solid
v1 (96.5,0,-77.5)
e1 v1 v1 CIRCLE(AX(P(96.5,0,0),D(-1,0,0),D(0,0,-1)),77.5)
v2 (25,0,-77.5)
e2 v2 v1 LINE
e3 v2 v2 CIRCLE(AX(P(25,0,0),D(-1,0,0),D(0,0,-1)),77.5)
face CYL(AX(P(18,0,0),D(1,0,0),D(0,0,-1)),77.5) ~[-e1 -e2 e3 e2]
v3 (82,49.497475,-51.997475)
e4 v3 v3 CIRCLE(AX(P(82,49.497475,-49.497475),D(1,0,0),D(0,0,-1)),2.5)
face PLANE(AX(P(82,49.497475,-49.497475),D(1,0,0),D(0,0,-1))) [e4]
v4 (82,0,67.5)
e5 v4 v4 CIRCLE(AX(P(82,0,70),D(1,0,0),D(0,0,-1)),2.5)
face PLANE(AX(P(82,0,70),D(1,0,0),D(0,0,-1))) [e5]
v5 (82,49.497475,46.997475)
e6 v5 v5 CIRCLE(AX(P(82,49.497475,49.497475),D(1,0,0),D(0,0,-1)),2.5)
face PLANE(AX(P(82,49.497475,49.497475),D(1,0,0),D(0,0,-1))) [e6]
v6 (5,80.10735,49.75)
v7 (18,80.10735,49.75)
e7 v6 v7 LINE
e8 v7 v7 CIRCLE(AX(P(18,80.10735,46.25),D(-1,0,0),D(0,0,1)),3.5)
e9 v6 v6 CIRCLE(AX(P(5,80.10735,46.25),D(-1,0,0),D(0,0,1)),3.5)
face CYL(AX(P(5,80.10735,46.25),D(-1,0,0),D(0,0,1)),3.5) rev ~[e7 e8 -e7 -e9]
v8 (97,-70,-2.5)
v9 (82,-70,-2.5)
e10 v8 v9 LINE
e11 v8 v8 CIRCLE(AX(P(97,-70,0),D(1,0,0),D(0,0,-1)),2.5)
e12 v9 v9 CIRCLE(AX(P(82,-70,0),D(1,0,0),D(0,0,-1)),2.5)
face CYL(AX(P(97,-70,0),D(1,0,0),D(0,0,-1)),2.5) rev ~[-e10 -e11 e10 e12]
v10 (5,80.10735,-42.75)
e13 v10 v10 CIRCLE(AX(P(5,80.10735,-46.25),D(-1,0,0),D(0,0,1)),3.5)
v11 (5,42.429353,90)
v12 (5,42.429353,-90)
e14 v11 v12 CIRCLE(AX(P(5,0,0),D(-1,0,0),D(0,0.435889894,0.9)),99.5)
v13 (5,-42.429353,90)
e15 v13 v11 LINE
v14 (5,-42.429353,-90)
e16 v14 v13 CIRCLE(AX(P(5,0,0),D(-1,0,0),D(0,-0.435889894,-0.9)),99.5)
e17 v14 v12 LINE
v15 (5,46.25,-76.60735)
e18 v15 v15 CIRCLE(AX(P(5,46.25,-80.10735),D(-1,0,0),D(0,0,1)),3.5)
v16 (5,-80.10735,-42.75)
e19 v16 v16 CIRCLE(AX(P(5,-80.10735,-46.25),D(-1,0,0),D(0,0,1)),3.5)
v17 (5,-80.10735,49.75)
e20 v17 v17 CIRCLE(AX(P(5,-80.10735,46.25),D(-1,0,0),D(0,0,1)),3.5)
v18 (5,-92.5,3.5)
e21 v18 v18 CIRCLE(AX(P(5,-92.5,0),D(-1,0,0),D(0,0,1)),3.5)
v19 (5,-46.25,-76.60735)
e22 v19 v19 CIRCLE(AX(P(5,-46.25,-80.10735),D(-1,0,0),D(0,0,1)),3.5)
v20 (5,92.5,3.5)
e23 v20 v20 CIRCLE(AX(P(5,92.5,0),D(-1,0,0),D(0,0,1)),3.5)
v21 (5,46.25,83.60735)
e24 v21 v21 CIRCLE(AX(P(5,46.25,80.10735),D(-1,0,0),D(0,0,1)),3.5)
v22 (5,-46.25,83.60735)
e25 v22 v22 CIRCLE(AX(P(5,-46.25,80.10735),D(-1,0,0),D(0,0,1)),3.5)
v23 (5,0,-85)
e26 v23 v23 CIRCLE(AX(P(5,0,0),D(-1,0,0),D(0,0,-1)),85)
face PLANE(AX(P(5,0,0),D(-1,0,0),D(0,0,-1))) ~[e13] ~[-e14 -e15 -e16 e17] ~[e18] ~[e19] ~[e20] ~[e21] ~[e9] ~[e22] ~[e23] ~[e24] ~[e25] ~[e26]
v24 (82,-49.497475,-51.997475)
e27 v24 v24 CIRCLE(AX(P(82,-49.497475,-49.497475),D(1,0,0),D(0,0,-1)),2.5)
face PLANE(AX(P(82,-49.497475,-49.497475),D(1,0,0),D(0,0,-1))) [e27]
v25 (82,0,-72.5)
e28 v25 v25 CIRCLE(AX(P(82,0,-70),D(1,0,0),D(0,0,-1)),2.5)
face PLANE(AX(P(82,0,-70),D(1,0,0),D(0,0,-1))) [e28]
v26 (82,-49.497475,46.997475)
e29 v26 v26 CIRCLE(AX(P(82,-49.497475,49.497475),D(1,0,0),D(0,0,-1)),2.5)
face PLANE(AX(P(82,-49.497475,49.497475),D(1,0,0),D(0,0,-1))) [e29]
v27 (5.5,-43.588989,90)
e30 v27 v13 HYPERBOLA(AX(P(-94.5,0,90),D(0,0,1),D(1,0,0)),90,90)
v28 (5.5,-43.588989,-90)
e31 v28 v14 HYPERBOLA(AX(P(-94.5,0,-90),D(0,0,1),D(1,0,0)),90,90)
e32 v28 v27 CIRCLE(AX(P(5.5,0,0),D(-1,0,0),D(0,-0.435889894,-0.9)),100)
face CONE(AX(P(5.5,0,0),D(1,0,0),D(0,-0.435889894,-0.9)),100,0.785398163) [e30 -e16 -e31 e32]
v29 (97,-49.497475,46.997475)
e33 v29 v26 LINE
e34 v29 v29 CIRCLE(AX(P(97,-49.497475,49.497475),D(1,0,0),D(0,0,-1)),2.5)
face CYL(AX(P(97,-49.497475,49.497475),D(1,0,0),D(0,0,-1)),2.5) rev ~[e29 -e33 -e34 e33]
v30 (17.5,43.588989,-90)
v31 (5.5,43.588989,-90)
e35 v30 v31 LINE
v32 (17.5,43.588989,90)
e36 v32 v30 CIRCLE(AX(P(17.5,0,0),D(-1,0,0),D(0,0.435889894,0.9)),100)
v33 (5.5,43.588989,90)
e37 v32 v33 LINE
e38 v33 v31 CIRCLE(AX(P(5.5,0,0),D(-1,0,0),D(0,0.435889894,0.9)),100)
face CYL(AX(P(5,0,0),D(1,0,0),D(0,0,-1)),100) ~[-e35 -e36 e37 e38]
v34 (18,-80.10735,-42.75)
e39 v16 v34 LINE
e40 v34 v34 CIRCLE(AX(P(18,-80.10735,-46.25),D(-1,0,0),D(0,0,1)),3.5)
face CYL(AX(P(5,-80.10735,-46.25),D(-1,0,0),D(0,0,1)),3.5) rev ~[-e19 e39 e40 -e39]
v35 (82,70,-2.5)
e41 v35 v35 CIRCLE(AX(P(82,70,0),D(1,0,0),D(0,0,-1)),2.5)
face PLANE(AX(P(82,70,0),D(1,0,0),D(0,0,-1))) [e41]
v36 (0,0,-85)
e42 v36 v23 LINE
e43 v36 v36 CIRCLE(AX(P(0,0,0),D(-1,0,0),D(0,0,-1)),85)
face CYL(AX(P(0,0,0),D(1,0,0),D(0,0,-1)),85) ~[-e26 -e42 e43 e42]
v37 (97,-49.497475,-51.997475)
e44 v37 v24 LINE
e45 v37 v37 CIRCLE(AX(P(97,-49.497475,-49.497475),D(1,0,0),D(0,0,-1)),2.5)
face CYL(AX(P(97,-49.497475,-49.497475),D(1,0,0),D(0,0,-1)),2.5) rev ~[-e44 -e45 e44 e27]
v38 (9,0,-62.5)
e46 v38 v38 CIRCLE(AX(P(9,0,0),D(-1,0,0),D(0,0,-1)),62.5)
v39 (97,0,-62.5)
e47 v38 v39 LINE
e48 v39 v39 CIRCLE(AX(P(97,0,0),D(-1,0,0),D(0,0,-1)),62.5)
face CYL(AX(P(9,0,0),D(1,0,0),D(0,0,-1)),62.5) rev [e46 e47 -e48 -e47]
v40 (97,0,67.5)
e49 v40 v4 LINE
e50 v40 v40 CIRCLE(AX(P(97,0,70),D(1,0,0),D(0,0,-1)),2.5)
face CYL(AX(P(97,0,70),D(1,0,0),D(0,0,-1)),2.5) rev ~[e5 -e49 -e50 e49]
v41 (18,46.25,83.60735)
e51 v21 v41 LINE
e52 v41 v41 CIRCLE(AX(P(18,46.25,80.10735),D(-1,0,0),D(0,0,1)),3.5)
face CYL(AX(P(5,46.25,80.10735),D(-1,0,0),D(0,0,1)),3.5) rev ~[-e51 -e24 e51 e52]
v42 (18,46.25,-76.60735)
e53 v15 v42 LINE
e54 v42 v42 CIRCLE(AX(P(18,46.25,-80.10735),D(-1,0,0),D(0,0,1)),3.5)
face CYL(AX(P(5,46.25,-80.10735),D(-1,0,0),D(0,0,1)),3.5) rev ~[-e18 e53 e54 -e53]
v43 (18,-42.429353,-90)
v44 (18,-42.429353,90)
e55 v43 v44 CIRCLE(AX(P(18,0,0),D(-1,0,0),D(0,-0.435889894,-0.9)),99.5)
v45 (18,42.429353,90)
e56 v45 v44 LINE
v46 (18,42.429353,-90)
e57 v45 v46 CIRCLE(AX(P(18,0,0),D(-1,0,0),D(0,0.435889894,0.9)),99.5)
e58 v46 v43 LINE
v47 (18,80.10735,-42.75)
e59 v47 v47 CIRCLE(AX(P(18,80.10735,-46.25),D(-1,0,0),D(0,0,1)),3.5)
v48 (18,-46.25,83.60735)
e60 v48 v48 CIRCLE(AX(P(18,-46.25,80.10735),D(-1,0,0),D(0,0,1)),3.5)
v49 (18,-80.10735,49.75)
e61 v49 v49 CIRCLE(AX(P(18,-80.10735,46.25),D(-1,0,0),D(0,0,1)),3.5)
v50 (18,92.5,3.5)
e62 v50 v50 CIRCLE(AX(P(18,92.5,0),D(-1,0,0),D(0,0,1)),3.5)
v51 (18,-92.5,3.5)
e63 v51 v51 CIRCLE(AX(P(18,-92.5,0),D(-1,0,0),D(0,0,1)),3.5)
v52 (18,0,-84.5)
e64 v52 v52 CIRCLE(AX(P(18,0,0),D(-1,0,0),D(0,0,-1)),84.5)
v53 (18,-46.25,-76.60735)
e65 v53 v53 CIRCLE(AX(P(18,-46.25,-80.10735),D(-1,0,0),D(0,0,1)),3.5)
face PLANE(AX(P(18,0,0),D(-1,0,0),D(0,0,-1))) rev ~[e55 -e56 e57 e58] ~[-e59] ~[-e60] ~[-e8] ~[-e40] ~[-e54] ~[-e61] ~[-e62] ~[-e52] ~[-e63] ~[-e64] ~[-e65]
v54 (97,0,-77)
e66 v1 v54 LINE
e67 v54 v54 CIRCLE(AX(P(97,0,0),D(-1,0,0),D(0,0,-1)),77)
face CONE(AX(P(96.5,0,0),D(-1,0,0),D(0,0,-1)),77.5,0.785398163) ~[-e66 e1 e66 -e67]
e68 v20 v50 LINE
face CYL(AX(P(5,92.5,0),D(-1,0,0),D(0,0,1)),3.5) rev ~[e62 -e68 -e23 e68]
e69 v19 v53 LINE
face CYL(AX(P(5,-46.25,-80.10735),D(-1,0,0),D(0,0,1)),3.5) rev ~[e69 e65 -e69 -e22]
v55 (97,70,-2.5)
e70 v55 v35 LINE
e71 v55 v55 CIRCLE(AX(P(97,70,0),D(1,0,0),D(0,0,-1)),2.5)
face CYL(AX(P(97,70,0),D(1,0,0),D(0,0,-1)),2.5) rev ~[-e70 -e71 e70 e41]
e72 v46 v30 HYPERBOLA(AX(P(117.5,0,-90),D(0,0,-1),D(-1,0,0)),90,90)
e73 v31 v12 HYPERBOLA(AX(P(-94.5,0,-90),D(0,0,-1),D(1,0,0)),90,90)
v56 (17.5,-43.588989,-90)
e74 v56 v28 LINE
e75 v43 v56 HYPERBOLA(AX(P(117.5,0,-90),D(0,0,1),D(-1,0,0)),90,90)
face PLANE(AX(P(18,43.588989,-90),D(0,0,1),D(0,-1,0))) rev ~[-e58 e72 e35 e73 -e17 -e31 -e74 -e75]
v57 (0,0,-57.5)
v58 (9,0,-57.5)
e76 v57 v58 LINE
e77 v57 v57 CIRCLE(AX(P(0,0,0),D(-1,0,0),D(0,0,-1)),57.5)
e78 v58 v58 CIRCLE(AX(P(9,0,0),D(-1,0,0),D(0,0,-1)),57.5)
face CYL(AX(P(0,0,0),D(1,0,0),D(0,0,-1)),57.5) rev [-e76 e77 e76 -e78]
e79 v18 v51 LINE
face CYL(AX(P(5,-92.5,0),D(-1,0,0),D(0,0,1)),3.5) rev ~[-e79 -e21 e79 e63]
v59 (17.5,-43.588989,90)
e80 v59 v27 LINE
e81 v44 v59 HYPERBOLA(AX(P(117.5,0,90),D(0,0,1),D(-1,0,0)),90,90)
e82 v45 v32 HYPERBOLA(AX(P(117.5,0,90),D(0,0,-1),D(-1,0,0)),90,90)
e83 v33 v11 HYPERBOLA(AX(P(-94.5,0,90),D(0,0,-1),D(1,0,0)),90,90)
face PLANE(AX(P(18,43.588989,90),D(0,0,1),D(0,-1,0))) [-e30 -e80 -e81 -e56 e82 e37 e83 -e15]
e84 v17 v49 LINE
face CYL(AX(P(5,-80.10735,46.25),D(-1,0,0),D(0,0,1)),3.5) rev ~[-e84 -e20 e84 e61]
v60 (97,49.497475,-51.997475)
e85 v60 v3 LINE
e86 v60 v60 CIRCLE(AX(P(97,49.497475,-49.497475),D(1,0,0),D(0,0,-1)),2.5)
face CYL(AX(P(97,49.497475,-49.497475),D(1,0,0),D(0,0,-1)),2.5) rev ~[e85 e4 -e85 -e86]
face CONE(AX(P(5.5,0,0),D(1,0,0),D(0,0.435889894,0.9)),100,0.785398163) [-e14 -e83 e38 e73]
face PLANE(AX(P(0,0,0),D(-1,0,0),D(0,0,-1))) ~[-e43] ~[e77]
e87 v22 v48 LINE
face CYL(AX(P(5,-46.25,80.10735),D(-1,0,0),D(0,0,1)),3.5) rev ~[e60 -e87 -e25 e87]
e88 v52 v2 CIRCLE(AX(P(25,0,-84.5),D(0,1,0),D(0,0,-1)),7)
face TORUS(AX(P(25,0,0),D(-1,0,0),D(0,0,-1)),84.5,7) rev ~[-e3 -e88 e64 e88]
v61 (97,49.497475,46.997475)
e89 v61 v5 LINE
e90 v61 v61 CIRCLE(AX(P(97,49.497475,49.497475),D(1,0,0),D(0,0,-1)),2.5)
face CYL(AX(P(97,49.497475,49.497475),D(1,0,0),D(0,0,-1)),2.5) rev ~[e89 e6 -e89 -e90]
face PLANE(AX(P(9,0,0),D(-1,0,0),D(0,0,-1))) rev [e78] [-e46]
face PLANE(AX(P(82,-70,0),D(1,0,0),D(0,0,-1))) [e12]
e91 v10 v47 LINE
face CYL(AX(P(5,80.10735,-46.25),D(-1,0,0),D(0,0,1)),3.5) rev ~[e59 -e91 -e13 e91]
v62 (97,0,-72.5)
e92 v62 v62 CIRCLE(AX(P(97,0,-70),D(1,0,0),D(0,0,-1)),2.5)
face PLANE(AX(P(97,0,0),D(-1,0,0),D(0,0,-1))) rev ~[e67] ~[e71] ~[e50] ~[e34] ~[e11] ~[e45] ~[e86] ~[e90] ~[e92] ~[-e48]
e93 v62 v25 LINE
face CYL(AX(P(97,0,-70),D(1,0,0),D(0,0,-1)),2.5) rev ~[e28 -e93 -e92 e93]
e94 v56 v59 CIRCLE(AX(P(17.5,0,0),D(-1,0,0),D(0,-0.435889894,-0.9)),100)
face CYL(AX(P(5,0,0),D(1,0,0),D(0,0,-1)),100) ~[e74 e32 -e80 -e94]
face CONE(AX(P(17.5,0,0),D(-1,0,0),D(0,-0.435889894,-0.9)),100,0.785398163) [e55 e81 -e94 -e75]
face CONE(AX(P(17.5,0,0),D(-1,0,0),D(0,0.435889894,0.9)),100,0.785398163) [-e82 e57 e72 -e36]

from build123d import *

# Parameters (mm, degrees)
CUT_EXTRUDE_1_REACH = 163.991
CUT_EXTRUDE_2_REACH = 164.985
SKETCH_5_R          = 3.5
SKETCH_6_R          = 2.5
CUT_EXTRUDE_3_DEPTH = 15
FILLET_1_R          = 7
CHAMFER_1_SIZE      = 0.5


with BuildPart() as part:
    # 草图1 → 旋转1 (revolve)
    with BuildSketch(Plane.XY, mode=Mode.PRIVATE) as revolve_1_sk:
        Polygon((0, 0), (0, 85), (5, 85), (5, 100), (18, 100), (18, 77.5), (97, 77.5), (97, 0), align=None)
    revolve(revolve_1_sk.sketch.rotate(Axis((0, 0, 0), (-1, 0, 0)), 90), axis=Axis((0, 0, 0), (-1, 0, 0)))

    # 草图3 → 切除-旋转1 (revolve, cut)
    with BuildSketch(Plane.XY, mode=Mode.PRIVATE) as cut_revolve_1_sk:
        Polygon((0, 0), (0, 57.5), (9, 57.5), (9, 62.5), (97, 62.5), (97, 0), align=None)
    revolve(cut_revolve_1_sk.sketch.rotate(Axis((97, 0, 0), (-1, 0, 0)), 90), axis=Axis((97, 0, 0), (-1, 0, 0)), mode=Mode.SUBTRACT)

    # 草图4 → 切除-拉伸1 (cut, up to next)
    with BuildSketch(Plane(origin=(18, 0, 0), x_dir=(0, 0, -1), z_dir=(1, 0, 0)), mode=Mode.PRIVATE) as cut_extrude_1_sk1:
        with BuildLine():
            Line((-90, 43.588989435), (-90, -43.588989435))
            ThreePointArc((-90, -43.588989435), (-100, 0), (-90, 43.588989435))
        make_face()
    cut_extrude_1_tool1 = extrude(cut_extrude_1_sk1.sketch, amount=-CUT_EXTRUDE_1_REACH, mode=Mode.PRIVATE) & part.part
    # 草图4 → 切除-拉伸1 (cut, up to next)
    with BuildSketch(Plane(origin=(18, 0, 0), x_dir=(0, 0, -1), z_dir=(1, 0, 0)), mode=Mode.PRIVATE) as cut_extrude_1_sk2:
        with BuildLine():
            Line((90, 43.588989435), (90, -43.588989435))
            ThreePointArc((90, -43.588989435), (100, 0), (90, 43.588989435))
        make_face()
    cut_extrude_1_tool2 = extrude(cut_extrude_1_sk2.sketch, amount=-CUT_EXTRUDE_1_REACH, mode=Mode.PRIVATE) & part.part
    add(cut_extrude_1_tool1.solids().sort_by_distance((18, 0, 94.017654))[0], mode=Mode.SUBTRACT)
    add(cut_extrude_1_tool2.solids().sort_by_distance((18, 0, -94.017654))[0], mode=Mode.SUBTRACT)

    # 草图5 → 切除-拉伸2 (cut, up to next)
    with BuildSketch(Plane.ZY.offset(-5), mode=Mode.PRIVATE) as cut_extrude_2_sk1:
        with Locations((0, 92.5)):
            Circle(SKETCH_5_R)
    cut_extrude_2_tool1 = extrude(cut_extrude_2_sk1.sketch, amount=-CUT_EXTRUDE_2_REACH, mode=Mode.PRIVATE) & part.part
    # 草图5 → 切除-拉伸2 (cut, up to next)
    with BuildSketch(Plane.ZY.offset(-5), mode=Mode.PRIVATE) as cut_extrude_2_sk2:
        with Locations((46.25, 80.10734985)):
            Circle(SKETCH_5_R)
    cut_extrude_2_tool2 = extrude(cut_extrude_2_sk2.sketch, amount=-CUT_EXTRUDE_2_REACH, mode=Mode.PRIVATE) & part.part
    # 草图5 → 切除-拉伸2 (cut, up to next)
    with BuildSketch(Plane.ZY.offset(-5), mode=Mode.PRIVATE) as cut_extrude_2_sk3:
        with Locations((80.10734985, 46.25)):
            Circle(SKETCH_5_R)
    cut_extrude_2_tool3 = extrude(cut_extrude_2_sk3.sketch, amount=-CUT_EXTRUDE_2_REACH, mode=Mode.PRIVATE) & part.part
    # 草图5 → 切除-拉伸2 (cut, up to next)
    with BuildSketch(Plane.ZY.offset(-5), mode=Mode.PRIVATE) as cut_extrude_2_sk4:
        with Locations((80.10734985, -46.25)):
            Circle(SKETCH_5_R)
    cut_extrude_2_tool4 = extrude(cut_extrude_2_sk4.sketch, amount=-CUT_EXTRUDE_2_REACH, mode=Mode.PRIVATE) & part.part
    # 草图5 → 切除-拉伸2 (cut, up to next)
    with BuildSketch(Plane.ZY.offset(-5), mode=Mode.PRIVATE) as cut_extrude_2_sk5:
        with Locations((46.25, -80.10734985)):
            Circle(SKETCH_5_R)
    cut_extrude_2_tool5 = extrude(cut_extrude_2_sk5.sketch, amount=-CUT_EXTRUDE_2_REACH, mode=Mode.PRIVATE) & part.part
    # 草图5 → 切除-拉伸2 (cut, up to next)
    with BuildSketch(Plane.ZY.offset(-5), mode=Mode.PRIVATE) as cut_extrude_2_sk6:
        with Locations((0, -92.5)):
            Circle(SKETCH_5_R)
    cut_extrude_2_tool6 = extrude(cut_extrude_2_sk6.sketch, amount=-CUT_EXTRUDE_2_REACH, mode=Mode.PRIVATE) & part.part
    # 草图5 → 切除-拉伸2 (cut, up to next)
    with BuildSketch(Plane.ZY.offset(-5), mode=Mode.PRIVATE) as cut_extrude_2_sk7:
        with Locations((-46.25, -80.10734985)):
            Circle(SKETCH_5_R)
    cut_extrude_2_tool7 = extrude(cut_extrude_2_sk7.sketch, amount=-CUT_EXTRUDE_2_REACH, mode=Mode.PRIVATE) & part.part
    # 草图5 → 切除-拉伸2 (cut, up to next)
    with BuildSketch(Plane.ZY.offset(-5), mode=Mode.PRIVATE) as cut_extrude_2_sk8:
        with Locations((-80.10734985, -46.25)):
            Circle(SKETCH_5_R)
    cut_extrude_2_tool8 = extrude(cut_extrude_2_sk8.sketch, amount=-CUT_EXTRUDE_2_REACH, mode=Mode.PRIVATE) & part.part
    # 草图5 → 切除-拉伸2 (cut, up to next)
    with BuildSketch(Plane.ZY.offset(-5), mode=Mode.PRIVATE) as cut_extrude_2_sk9:
        with Locations((-80.10734985, 46.25)):
            Circle(SKETCH_5_R)
    cut_extrude_2_tool9 = extrude(cut_extrude_2_sk9.sketch, amount=-CUT_EXTRUDE_2_REACH, mode=Mode.PRIVATE) & part.part
    # 草图5 → 切除-拉伸2 (cut, up to next)
    with BuildSketch(Plane.ZY.offset(-5), mode=Mode.PRIVATE) as cut_extrude_2_sk10:
        with Locations((-46.25, 80.10734985)):
            Circle(SKETCH_5_R)
    cut_extrude_2_tool10 = extrude(cut_extrude_2_sk10.sketch, amount=-CUT_EXTRUDE_2_REACH, mode=Mode.PRIVATE) & part.part
    add(cut_extrude_2_tool1.solids().sort_by_distance((5, 92.5, 0))[0], mode=Mode.SUBTRACT)
    add(cut_extrude_2_tool2.solids().sort_by_distance((5, 80.10735, 46.25))[0], mode=Mode.SUBTRACT)
    add(cut_extrude_2_tool3.solids().sort_by_distance((5, 46.25, 80.10735))[0], mode=Mode.SUBTRACT)
    add(cut_extrude_2_tool4.solids().sort_by_distance((5, -46.25, 80.10735))[0], mode=Mode.SUBTRACT)
    add(cut_extrude_2_tool5.solids().sort_by_distance((5, -80.10735, 46.25))[0], mode=Mode.SUBTRACT)
    add(cut_extrude_2_tool6.solids().sort_by_distance((5, -92.5, 0))[0], mode=Mode.SUBTRACT)
    add(cut_extrude_2_tool7.solids().sort_by_distance((5, -80.10735, -46.25))[0], mode=Mode.SUBTRACT)
    add(cut_extrude_2_tool8.solids().sort_by_distance((5, -46.25, -80.10735))[0], mode=Mode.SUBTRACT)
    add(cut_extrude_2_tool9.solids().sort_by_distance((5, 46.25, -80.10735))[0], mode=Mode.SUBTRACT)
    add(cut_extrude_2_tool10.solids().sort_by_distance((5, 80.10735, -46.25))[0], mode=Mode.SUBTRACT)

    # 草图6 → 切除-拉伸3 (cut)
    with BuildSketch(Plane(origin=(97, 0, 0), x_dir=(0, 0, -1), z_dir=(1, 0, 0))):
        with Locations((0, 70)):
            Circle(SKETCH_6_R)
        with Locations((49.497474683, 49.497474683)):
            Circle(SKETCH_6_R)
        with Locations((70, 0)):
            Circle(SKETCH_6_R)
        with Locations((49.497474683, -49.497474683)):
            Circle(SKETCH_6_R)
        with Locations((0, -70)):
            Circle(SKETCH_6_R)
        with Locations((-49.497474683, -49.497474683)):
            Circle(SKETCH_6_R)
        with Locations((-70, 0)):
            Circle(SKETCH_6_R)
        with Locations((-49.497474683, 49.497474683)):
            Circle(SKETCH_6_R)
    extrude(amount=-CUT_EXTRUDE_3_DEPTH, mode=Mode.SUBTRACT)

    # 圆角1
    fillet_1_edges = [part.edges().sort_by_distance(p)[0] for p in [
        (18, 0, 77.5),
    ]]
    fillet(fillet_1_edges, radius=FILLET_1_R)

    # 倒角1
    chamfer_1_edges = [part.edges().sort_by_distance(p)[0] for p in [
        (18, -100, 0),
        (5, -100, 0),
        (97, 0, 77.5),
        (18, 100, 0),
        (5, 100, 0),
    ]]
    chamfer(chamfer_1_edges, length=CHAMFER_1_SIZE)


solid = part.part
